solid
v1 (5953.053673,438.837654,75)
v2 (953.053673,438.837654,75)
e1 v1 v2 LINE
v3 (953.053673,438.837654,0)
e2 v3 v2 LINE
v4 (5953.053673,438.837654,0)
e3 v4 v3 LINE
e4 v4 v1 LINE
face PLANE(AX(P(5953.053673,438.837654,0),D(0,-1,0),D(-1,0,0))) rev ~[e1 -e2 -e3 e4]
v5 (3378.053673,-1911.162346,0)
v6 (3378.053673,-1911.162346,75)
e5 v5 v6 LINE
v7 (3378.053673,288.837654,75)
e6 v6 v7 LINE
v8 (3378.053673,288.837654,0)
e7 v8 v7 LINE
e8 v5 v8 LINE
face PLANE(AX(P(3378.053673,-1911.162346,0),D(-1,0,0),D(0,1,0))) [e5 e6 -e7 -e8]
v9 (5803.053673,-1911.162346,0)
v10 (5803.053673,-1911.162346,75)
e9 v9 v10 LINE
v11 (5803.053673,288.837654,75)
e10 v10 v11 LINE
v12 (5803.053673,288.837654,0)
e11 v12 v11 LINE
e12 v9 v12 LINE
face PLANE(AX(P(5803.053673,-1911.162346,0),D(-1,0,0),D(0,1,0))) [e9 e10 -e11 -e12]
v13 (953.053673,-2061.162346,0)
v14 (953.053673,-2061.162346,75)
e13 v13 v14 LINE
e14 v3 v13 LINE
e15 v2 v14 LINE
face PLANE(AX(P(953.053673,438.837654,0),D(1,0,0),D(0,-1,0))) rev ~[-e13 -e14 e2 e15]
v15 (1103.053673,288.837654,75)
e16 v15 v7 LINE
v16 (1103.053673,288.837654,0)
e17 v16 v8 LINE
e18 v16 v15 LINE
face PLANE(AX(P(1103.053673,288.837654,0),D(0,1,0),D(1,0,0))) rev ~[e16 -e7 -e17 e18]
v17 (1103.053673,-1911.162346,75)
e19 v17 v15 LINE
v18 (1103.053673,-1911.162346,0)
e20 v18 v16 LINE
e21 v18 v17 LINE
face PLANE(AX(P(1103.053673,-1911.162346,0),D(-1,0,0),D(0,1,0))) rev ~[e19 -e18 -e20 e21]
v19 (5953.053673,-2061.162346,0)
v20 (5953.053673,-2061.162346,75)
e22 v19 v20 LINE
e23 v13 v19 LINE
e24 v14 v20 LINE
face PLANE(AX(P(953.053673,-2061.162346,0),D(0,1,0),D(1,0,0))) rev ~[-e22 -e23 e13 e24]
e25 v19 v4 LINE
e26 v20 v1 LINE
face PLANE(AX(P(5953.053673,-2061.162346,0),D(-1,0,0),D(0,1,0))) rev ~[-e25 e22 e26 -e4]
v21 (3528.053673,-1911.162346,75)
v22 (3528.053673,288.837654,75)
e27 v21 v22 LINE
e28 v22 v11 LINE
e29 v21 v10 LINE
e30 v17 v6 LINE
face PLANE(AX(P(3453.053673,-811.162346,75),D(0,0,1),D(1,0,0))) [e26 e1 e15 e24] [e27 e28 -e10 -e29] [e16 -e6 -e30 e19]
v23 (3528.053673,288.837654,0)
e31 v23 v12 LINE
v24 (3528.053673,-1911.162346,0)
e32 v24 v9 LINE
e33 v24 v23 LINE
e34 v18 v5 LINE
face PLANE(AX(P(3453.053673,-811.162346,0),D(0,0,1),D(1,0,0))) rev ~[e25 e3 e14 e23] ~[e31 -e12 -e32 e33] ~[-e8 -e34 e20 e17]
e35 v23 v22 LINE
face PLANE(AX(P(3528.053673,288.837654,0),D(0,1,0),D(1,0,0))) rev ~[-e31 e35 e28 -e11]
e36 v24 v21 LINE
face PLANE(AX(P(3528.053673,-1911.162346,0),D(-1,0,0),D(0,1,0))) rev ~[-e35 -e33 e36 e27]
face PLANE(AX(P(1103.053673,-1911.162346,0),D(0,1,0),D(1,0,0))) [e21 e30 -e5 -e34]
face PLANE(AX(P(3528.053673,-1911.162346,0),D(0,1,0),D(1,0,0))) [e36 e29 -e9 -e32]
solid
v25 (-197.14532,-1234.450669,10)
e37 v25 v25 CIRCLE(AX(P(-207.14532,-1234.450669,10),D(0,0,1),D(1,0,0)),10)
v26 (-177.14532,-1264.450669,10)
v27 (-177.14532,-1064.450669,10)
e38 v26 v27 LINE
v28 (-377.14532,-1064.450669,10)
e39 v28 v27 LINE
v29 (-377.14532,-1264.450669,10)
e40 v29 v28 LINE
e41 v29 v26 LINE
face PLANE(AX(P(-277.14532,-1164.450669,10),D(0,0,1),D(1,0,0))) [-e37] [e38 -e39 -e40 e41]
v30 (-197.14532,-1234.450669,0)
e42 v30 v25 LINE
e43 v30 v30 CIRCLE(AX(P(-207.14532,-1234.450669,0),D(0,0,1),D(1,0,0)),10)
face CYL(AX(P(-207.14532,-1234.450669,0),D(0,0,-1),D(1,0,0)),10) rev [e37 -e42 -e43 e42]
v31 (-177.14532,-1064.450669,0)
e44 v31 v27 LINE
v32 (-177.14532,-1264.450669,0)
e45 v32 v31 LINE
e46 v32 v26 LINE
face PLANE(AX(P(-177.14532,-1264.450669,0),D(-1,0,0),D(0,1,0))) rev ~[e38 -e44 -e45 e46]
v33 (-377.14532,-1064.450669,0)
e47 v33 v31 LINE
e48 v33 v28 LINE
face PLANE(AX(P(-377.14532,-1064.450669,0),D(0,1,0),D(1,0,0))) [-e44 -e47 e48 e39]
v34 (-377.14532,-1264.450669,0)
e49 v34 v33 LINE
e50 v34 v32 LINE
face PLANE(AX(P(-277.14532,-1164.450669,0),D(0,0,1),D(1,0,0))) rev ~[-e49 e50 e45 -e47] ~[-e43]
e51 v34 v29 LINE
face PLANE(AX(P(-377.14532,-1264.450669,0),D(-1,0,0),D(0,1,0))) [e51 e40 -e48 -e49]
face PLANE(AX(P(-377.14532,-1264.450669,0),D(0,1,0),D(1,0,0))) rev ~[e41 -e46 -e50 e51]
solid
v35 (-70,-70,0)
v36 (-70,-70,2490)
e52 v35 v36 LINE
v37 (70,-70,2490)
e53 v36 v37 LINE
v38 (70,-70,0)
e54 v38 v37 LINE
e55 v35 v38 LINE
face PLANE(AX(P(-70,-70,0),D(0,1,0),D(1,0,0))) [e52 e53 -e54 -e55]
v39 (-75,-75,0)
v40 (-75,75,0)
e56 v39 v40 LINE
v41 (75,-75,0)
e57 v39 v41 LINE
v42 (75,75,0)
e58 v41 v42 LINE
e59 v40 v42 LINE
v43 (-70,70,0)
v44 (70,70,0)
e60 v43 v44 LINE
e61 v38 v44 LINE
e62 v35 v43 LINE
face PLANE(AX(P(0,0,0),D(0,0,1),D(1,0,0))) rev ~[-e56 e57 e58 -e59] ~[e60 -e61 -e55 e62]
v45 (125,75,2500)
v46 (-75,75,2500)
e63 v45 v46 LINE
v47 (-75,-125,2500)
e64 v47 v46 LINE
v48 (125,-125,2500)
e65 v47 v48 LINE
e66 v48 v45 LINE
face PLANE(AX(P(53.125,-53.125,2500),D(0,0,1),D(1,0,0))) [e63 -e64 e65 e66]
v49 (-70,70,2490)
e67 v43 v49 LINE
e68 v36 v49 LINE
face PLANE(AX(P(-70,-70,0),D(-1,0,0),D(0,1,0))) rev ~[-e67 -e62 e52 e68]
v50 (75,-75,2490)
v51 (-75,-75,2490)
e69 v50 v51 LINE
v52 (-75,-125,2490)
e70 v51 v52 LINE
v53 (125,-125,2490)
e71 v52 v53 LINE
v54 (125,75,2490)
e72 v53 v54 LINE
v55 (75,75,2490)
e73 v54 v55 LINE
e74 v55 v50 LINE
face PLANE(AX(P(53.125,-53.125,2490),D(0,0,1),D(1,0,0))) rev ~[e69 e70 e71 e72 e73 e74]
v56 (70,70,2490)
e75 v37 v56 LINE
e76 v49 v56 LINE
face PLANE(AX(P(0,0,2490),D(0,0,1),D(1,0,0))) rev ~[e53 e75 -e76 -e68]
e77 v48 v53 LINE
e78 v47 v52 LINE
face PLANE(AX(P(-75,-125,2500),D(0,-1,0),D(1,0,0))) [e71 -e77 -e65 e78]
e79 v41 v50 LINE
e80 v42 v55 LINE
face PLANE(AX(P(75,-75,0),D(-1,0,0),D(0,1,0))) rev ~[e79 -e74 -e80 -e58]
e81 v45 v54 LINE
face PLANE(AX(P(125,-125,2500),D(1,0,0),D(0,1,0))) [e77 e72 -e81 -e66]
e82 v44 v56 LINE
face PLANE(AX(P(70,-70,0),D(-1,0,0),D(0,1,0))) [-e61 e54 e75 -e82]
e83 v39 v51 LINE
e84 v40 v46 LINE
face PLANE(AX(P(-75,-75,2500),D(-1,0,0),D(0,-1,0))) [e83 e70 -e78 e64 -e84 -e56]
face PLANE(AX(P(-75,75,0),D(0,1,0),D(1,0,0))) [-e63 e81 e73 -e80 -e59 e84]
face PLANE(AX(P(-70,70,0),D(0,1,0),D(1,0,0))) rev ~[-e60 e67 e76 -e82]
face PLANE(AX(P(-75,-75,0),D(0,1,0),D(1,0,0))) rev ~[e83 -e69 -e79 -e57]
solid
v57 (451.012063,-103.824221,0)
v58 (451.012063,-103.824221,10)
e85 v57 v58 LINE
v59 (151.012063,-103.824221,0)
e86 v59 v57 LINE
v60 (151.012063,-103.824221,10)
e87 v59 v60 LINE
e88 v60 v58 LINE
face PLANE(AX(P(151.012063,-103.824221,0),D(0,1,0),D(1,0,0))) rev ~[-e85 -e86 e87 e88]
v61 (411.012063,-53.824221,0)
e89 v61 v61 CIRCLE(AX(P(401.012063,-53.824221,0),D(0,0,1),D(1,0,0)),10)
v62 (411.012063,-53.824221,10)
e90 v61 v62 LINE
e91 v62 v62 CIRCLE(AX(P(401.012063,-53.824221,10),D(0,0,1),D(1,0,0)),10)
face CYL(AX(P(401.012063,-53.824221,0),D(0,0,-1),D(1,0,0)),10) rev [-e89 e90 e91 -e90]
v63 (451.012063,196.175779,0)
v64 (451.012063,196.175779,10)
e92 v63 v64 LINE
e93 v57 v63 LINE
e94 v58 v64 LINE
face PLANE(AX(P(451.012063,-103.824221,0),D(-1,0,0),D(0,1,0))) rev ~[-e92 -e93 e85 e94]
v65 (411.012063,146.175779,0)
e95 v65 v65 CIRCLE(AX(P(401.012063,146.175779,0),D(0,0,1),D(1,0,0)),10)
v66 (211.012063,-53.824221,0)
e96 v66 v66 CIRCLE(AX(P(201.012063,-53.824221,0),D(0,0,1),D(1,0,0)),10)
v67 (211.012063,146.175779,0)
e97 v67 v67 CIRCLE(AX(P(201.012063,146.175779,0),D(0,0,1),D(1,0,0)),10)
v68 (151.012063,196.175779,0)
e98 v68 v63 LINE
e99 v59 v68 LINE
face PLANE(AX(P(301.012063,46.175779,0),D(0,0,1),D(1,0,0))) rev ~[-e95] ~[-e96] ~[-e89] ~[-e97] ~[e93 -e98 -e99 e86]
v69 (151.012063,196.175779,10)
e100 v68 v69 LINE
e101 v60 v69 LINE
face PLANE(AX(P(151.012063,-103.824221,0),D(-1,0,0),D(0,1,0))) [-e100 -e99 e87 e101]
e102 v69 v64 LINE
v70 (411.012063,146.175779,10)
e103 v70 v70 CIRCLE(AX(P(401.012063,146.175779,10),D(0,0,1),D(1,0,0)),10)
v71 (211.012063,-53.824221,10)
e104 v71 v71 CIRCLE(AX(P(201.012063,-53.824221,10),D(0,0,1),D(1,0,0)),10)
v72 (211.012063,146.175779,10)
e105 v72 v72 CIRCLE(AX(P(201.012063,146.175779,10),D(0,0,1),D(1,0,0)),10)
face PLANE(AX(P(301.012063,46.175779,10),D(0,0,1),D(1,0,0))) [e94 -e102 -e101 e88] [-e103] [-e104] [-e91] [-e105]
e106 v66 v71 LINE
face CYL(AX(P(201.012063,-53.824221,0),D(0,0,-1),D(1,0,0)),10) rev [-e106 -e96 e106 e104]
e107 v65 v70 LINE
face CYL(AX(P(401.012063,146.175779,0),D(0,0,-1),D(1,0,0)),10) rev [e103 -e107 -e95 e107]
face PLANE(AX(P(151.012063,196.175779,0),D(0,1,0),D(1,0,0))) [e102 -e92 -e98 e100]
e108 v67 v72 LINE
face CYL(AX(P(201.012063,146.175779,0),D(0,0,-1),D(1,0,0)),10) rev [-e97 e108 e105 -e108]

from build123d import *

# Parameters (mm, degrees)
F0_W     = 150
F0_H     = 150
F0_W_2   = 140
F0_H_2   = 140
F1_DEPTH = 2500
F0_W_3   = 300
F0_H_3   = 300
F0_R     = 10
F2_DEPTH = 10
F0_W_4   = 2275
F0_H_4   = 2200
F3_DEPTH = 75
F0_W_5   = 200
F0_H_5   = 200
F4_DEPTH = 10
F5_W     = 140
F5_H     = 140
F6_DEPTH = 10


with BuildPart() as f1:
    # F0 (on Top) → F1 (new body)
    with BuildSketch(Plane.XY):
        Rectangle(F0_W, F0_H)
        Rectangle(F0_W_2, F0_H_2, mode=Mode.SUBTRACT)
    extrude(amount=F1_DEPTH)

    # F5 (on face) → F6 (join)
    with BuildSketch(Plane.XY.offset(2500)):
        Polygon((75, -75), (-75, -75), (-75, -125), (125, -125), (125, 75), (75, 75), align=None)
        Rectangle(F5_W, F5_H)
    extrude(amount=-F6_DEPTH)


with BuildPart() as f2:
    # F0 (on Top) → F2 (new body)
    with BuildSketch(Plane.XY):
        with Locations((301.0120630264, 46.1757794023)):
            Rectangle(F0_W_3, F0_H_3)
        with Locations((201.0120630264, -53.8242205977)):
            Circle(F0_R, mode=Mode.SUBTRACT)
        with Locations((401.0120630264, -53.8242205977)):
            Circle(F0_R, mode=Mode.SUBTRACT)
        with Locations((201.0120630264, 146.1757794023)):
            Circle(F0_R, mode=Mode.SUBTRACT)
        with Locations((401.0120630264, 146.1757794023)):
            Circle(F0_R, mode=Mode.SUBTRACT)
    extrude(amount=F2_DEPTH)


with BuildPart() as f3:
    # F0 (on Top) → F3 (new body)
    with BuildSketch(Plane.XY):
        Polygon((1103.0536727687, 438.8376543754), (953.0536727687, 438.8376543754), (953.0536727687, -2061.1623456246), (5953.0536727687, -2061.1623456246), (5953.0536727687, 438.8376543754), (5803.0536727687, 438.8376543754), (3528.0536727687, 438.8376543754), (3378.0536727687, 438.8376543754), align=None)
        with Locations((2240.5536727687, -811.1623456246)):
            Rectangle(F0_W_4, F0_H_4, mode=Mode.SUBTRACT)
        with Locations((4665.5536727687, -811.1623456246)):
            Rectangle(F0_W_4, F0_H_4, mode=Mode.SUBTRACT)
    extrude(amount=F3_DEPTH)


with BuildPart() as f4:
    # F0 (on Top) → F4 (new body)
    with BuildSketch(Plane.XY):
        with Locations((-277.1453201771, -1164.4506692886)):
            Rectangle(F0_W_5, F0_H_5)
        with Locations((-207.1453201771, -1234.4506692886)):
            Circle(F0_R, mode=Mode.SUBTRACT)
    extrude(amount=F4_DEPTH)


solid = Compound([f1.part, f2.part, f3.part, f4.part])
